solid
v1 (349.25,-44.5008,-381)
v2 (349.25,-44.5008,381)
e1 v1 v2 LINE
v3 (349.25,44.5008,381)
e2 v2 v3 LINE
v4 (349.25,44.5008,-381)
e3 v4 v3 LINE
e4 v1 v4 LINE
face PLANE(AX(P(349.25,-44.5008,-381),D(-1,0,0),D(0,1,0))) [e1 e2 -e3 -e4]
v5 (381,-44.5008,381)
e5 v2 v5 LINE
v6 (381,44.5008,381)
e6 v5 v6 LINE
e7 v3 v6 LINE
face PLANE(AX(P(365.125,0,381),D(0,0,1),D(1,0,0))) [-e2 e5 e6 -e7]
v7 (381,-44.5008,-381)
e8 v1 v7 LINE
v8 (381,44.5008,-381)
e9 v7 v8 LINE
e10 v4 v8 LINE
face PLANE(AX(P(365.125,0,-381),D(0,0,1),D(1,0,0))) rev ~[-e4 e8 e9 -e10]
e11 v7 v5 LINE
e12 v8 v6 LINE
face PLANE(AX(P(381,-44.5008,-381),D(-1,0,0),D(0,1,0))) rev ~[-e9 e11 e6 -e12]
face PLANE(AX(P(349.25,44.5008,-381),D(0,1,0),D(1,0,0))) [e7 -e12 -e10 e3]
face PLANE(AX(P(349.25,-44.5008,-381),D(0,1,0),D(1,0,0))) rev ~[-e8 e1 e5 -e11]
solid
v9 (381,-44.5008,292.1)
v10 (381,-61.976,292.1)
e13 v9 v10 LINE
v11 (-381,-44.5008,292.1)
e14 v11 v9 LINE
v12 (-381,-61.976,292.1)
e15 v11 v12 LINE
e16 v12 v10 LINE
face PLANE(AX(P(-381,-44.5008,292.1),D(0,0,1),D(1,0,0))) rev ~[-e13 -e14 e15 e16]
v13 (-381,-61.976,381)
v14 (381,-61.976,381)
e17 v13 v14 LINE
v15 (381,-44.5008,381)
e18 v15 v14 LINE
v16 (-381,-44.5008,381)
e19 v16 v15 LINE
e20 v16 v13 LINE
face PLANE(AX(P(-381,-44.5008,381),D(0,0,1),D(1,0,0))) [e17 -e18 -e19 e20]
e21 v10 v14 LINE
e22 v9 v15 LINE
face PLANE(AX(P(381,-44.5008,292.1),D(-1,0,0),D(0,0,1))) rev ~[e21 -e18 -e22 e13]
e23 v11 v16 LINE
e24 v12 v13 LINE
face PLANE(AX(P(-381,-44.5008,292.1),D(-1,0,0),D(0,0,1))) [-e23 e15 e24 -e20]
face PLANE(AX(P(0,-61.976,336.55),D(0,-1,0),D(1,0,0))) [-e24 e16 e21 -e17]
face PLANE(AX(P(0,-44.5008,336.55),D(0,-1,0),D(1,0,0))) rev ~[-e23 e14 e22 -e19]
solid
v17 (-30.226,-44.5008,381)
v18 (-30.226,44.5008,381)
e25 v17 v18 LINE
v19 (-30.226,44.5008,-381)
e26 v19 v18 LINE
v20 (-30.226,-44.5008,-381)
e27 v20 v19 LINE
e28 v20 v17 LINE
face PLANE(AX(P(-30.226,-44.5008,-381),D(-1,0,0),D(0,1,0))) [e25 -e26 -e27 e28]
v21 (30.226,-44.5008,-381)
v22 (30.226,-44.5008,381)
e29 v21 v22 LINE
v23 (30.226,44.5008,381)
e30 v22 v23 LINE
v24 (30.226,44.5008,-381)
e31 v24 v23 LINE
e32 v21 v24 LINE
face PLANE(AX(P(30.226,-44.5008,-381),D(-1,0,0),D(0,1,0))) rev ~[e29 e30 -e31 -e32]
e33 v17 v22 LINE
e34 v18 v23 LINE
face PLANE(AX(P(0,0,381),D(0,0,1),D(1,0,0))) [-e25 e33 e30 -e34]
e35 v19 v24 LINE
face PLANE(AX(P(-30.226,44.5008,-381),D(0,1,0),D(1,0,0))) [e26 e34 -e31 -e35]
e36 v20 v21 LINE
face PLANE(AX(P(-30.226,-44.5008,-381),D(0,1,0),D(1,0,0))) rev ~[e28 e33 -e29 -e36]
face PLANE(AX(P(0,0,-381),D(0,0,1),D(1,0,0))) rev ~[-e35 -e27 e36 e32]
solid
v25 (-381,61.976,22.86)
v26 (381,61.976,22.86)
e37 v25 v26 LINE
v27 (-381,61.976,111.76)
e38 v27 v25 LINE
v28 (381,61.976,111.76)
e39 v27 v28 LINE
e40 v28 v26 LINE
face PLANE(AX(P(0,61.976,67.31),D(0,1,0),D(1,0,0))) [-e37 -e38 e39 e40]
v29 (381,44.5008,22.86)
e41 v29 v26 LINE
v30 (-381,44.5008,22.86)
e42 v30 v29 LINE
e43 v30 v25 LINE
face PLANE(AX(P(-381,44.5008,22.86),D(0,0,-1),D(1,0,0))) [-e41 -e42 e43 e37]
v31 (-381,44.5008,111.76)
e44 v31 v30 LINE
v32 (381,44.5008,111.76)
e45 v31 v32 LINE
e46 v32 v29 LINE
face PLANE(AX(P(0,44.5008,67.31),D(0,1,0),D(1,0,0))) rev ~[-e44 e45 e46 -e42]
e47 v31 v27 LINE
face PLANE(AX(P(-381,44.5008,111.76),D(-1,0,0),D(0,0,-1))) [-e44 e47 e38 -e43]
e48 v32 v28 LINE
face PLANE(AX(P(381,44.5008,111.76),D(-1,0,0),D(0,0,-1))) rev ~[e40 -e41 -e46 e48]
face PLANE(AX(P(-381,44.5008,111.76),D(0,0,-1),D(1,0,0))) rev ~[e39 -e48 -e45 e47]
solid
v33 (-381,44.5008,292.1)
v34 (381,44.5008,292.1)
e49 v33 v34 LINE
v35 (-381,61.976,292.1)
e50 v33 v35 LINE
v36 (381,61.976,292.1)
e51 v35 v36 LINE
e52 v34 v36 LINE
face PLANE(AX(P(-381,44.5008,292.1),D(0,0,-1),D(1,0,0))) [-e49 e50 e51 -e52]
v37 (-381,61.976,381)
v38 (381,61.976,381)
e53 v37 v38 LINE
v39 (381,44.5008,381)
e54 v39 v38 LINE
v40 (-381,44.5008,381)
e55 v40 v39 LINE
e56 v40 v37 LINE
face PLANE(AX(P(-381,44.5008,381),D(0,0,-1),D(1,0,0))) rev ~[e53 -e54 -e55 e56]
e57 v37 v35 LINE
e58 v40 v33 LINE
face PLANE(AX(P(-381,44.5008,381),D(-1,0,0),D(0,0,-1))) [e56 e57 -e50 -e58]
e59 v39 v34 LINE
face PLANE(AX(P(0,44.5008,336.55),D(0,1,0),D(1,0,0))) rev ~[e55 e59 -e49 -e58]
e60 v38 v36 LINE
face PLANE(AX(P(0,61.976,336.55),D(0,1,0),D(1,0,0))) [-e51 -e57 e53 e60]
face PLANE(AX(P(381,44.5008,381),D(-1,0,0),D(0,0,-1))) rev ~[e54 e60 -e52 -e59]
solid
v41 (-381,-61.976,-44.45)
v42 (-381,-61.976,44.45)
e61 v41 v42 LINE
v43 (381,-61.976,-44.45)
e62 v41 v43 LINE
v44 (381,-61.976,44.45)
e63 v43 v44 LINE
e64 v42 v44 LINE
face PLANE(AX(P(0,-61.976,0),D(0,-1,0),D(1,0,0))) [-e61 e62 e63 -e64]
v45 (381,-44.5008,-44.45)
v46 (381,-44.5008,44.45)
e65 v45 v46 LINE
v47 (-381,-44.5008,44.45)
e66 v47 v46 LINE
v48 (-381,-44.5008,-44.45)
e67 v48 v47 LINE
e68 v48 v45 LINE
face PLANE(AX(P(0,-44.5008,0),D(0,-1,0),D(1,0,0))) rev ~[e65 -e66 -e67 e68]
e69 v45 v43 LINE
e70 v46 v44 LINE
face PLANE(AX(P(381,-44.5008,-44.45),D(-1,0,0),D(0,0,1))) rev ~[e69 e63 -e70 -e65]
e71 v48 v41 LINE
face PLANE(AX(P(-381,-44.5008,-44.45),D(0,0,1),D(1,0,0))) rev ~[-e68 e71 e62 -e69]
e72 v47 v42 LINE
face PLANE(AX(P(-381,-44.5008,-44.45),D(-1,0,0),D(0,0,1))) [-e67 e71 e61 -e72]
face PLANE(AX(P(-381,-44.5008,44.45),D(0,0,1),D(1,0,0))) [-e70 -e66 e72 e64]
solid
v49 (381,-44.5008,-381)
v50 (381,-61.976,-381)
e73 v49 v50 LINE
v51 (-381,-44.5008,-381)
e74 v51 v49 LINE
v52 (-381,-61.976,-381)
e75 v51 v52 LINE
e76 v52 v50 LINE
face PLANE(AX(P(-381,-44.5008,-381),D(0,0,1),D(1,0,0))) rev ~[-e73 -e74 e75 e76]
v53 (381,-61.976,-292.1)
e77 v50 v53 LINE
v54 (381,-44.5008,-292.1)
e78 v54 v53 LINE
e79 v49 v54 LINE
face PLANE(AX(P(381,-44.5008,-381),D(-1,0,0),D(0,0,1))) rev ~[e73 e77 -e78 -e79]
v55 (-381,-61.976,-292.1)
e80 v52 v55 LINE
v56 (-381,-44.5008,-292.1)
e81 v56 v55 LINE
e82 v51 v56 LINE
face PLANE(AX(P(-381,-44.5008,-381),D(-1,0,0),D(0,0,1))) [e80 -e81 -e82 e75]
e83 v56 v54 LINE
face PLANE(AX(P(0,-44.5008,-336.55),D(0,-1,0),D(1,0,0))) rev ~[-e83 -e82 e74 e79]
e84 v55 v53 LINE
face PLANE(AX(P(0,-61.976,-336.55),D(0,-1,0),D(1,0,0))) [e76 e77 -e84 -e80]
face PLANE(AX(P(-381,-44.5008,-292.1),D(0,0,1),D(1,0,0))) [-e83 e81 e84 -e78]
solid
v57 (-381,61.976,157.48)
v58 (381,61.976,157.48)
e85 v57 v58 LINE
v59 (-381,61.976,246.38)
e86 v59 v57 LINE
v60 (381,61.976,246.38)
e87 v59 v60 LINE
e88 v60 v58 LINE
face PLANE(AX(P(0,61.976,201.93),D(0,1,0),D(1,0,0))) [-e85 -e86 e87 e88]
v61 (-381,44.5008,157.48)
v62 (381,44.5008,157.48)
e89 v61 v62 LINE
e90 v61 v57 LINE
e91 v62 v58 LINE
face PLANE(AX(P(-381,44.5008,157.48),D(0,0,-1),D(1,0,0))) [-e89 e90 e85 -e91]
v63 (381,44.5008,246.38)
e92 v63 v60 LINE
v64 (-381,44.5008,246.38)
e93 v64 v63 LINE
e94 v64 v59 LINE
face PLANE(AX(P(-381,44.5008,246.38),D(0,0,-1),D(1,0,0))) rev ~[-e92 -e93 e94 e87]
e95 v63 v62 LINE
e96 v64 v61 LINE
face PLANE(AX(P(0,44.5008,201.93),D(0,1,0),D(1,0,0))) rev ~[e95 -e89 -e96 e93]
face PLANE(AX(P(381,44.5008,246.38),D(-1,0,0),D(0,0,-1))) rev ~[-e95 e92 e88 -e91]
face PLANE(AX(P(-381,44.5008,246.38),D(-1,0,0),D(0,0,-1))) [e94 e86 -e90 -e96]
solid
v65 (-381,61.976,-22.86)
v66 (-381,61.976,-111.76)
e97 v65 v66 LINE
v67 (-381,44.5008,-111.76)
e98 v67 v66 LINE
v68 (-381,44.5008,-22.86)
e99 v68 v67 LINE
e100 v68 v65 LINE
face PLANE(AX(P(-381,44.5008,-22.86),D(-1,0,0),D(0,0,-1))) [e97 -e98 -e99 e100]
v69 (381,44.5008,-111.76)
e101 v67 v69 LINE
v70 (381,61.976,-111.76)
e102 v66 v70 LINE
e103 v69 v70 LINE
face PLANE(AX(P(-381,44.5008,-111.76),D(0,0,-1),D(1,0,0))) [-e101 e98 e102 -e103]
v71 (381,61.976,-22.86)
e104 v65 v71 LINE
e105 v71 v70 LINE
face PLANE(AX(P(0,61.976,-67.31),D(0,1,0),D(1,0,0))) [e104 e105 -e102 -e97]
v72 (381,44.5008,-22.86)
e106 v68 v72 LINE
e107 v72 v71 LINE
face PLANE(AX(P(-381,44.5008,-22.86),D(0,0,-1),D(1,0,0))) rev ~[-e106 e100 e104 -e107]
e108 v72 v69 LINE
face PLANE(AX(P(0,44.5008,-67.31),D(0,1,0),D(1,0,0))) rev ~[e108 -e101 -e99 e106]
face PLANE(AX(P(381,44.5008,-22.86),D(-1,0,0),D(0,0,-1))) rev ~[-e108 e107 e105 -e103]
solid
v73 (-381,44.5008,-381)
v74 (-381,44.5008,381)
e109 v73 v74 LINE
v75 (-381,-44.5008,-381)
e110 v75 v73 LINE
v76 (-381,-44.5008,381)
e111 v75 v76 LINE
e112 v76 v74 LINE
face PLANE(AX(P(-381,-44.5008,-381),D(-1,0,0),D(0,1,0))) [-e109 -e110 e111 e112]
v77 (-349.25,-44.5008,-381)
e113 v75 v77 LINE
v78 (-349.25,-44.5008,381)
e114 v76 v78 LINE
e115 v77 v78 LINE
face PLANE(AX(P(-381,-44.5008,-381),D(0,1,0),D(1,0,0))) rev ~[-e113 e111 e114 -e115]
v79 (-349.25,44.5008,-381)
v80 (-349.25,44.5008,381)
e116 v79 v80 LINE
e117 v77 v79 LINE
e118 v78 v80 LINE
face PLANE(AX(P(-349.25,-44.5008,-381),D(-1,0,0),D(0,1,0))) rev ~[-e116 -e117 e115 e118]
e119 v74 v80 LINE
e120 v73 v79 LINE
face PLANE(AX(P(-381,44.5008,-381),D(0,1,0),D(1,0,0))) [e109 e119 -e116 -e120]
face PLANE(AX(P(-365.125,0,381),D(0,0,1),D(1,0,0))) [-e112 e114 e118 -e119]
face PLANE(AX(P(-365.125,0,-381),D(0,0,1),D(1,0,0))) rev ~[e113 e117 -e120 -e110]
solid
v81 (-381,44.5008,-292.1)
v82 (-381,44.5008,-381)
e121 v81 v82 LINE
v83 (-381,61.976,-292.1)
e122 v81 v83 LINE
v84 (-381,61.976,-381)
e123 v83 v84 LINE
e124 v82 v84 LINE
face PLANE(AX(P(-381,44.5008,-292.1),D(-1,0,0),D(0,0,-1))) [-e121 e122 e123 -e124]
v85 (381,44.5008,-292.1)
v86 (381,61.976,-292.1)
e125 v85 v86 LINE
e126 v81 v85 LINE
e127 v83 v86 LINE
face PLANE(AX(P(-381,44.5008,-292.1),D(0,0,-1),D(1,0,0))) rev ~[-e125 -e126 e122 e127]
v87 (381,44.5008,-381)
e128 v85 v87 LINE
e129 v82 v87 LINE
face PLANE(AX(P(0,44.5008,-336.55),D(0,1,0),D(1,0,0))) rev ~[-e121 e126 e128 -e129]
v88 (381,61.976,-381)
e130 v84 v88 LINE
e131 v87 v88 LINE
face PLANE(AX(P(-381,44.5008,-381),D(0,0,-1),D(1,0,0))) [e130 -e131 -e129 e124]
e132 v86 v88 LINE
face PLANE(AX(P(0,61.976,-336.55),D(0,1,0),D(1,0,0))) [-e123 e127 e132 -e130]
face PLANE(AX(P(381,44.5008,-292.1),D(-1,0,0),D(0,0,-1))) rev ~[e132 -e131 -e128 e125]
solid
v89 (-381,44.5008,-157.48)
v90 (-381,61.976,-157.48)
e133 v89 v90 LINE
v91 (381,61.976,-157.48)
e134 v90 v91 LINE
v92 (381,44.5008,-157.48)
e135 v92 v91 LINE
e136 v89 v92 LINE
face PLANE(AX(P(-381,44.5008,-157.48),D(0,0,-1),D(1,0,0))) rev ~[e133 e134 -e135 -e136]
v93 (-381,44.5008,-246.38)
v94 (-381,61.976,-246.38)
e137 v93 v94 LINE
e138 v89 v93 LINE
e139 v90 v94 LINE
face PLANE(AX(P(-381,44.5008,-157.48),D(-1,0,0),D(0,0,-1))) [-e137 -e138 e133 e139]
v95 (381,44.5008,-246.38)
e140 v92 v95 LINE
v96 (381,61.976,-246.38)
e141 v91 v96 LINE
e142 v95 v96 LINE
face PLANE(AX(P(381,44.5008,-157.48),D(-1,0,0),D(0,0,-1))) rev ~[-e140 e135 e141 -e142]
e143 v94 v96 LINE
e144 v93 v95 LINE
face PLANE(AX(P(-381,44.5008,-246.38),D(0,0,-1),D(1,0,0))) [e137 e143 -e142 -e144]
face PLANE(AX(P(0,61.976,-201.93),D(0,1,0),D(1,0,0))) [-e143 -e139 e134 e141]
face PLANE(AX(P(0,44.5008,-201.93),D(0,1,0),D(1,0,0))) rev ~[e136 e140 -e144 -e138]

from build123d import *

# Parameters (mm, degrees)
BOSS_EXTRUDE1_DEPTH        = 381
BOSS_EXTRUDE1_DEPTH_BACK   = 381
SKETCH3_W                  = 31.75
SKETCH3_H                  = 89.0016
BOSS_EXTRUDE1_2_DEPTH      = 381
BOSS_EXTRUDE1_2_DEPTH_BACK = 381
SKETCH3_W_2                = 60.452
BOSS_EXTRUDE1_3_DEPTH      = 381
BOSS_EXTRUDE1_3_DEPTH_BACK = 381
SKETCH4_W                  = 762
SKETCH4_H                  = 88.9
BOSS_EXTRUDE2_DEPTH        = 17.4752
BOSS_EXTRUDE2_2_DEPTH      = 17.4752
BOSS_EXTRUDE2_3_DEPTH      = 17.4752
BOSS_EXTRUDE2_4_DEPTH      = 17.4752
BOSS_EXTRUDE2_5_DEPTH      = 17.4752
BOSS_EXTRUDE2_6_DEPTH      = 17.4752
SKETCH5_W                  = 762
SKETCH5_H                  = 88.9
BOSS_EXTRUDE3_DEPTH        = 17.4752
BOSS_EXTRUDE3_2_DEPTH      = 17.4752
BOSS_EXTRUDE3_3_DEPTH      = 17.4752


with BuildPart() as part:
    # Sketch3 → Boss-Extrude1 (new, two sides: drawn at the far end of the back side and taken through both)
    with BuildSketch(Plane.XY.offset(-BOSS_EXTRUDE1_DEPTH_BACK)):
        with Locations((-365.125, 0)):
            Rectangle(SKETCH3_W, SKETCH3_H)
    extrude(amount=BOSS_EXTRUDE1_DEPTH + BOSS_EXTRUDE1_DEPTH_BACK)


with BuildPart() as body_2:
    # Sketch3 → Boss-Extrude1 2 (new, two sides: drawn at the far end of the back side and taken through both)
    with BuildSketch(Plane.XY.offset(-BOSS_EXTRUDE1_2_DEPTH_BACK)):
        Rectangle(SKETCH3_W_2, SKETCH3_H)
    extrude(amount=BOSS_EXTRUDE1_2_DEPTH + BOSS_EXTRUDE1_2_DEPTH_BACK)


with BuildPart() as body_3:
    # Sketch3 → Boss-Extrude1 3 (new, two sides: drawn at the far end of the back side and taken through both)
    with BuildSketch(Plane.XY.offset(-BOSS_EXTRUDE1_3_DEPTH_BACK)):
        with Locations((365.125, 0)):
            Rectangle(SKETCH3_W, SKETCH3_H)
    extrude(amount=BOSS_EXTRUDE1_3_DEPTH + BOSS_EXTRUDE1_3_DEPTH_BACK)


with BuildPart() as body_4:
    # Sketch4 → Boss-Extrude2 (new body)
    with BuildSketch(Plane(origin=(0, 44.5008, 0), x_dir=(1, 0, 0), z_dir=(0, 1, 0))):
        with Locations((0, -336.55)):
            Rectangle(SKETCH4_W, SKETCH4_H)
    extrude(amount=BOSS_EXTRUDE2_DEPTH)


with BuildPart() as body_5:
    # Sketch4 → Boss-Extrude2 2 (new body)
    with BuildSketch(Plane(origin=(0, 44.5008, 0), x_dir=(1, 0, 0), z_dir=(0, 1, 0))):
        with Locations((0, -201.93)):
            Rectangle(SKETCH4_W, SKETCH4_H)
    extrude(amount=BOSS_EXTRUDE2_2_DEPTH)


with BuildPart() as body_6:
    # Sketch4 → Boss-Extrude2 3 (new body)
    with BuildSketch(Plane(origin=(0, 44.5008, 0), x_dir=(1, 0, 0), z_dir=(0, 1, 0))):
        with Locations((0, -67.31)):
            Rectangle(SKETCH4_W, SKETCH4_H)
    extrude(amount=BOSS_EXTRUDE2_3_DEPTH)


with BuildPart() as body_7:
    # Sketch4 → Boss-Extrude2 4 (new body)
    with BuildSketch(Plane(origin=(0, 44.5008, 0), x_dir=(1, 0, 0), z_dir=(0, 1, 0))):
        with Locations((0, 67.31)):
            Rectangle(SKETCH4_W, SKETCH4_H)
    extrude(amount=BOSS_EXTRUDE2_4_DEPTH)


with BuildPart() as body_8:
    # Sketch4 → Boss-Extrude2 5 (new body)
    with BuildSketch(Plane(origin=(0, 44.5008, 0), x_dir=(1, 0, 0), z_dir=(0, 1, 0))):
        with Locations((0, 201.93)):
            Rectangle(SKETCH4_W, SKETCH4_H)
    extrude(amount=BOSS_EXTRUDE2_5_DEPTH)


with BuildPart() as body_9:
    # Sketch4 → Boss-Extrude2 6 (new body)
    with BuildSketch(Plane(origin=(0, 44.5008, 0), x_dir=(1, 0, 0), z_dir=(0, 1, 0))):
        with Locations((0, 336.55)):
            Rectangle(SKETCH4_W, SKETCH4_H)
    extrude(amount=BOSS_EXTRUDE2_6_DEPTH)


with BuildPart() as body_10:
    # Sketch5 → Boss-Extrude3 (new body)
    with BuildSketch(Plane.XZ.offset(44.5008)):
        with Locations((0, 336.55)):
            Rectangle(SKETCH5_W, SKETCH5_H)
    extrude(amount=BOSS_EXTRUDE3_DEPTH)


with BuildPart() as body_11:
    # Sketch5 → Boss-Extrude3 2 (new body)
    with BuildSketch(Plane.XZ.offset(44.5008)):
        with Locations((0, -336.55)):
            Rectangle(SKETCH5_W, SKETCH5_H)
    extrude(amount=BOSS_EXTRUDE3_2_DEPTH)


with BuildPart() as body_12:
    # Sketch5 → Boss-Extrude3 3 (new body)
    with BuildSketch(Plane.XZ.offset(44.5008)):
        Rectangle(SKETCH5_W, SKETCH5_H)
    extrude(amount=BOSS_EXTRUDE3_3_DEPTH)


solid = Compound([part.part, body_2.part, body_3.part, body_4.part, body_5.part, body_6.part, body_7.part, body_8.part, body_9.part, body_10.part, body_11.part, body_12.part])
